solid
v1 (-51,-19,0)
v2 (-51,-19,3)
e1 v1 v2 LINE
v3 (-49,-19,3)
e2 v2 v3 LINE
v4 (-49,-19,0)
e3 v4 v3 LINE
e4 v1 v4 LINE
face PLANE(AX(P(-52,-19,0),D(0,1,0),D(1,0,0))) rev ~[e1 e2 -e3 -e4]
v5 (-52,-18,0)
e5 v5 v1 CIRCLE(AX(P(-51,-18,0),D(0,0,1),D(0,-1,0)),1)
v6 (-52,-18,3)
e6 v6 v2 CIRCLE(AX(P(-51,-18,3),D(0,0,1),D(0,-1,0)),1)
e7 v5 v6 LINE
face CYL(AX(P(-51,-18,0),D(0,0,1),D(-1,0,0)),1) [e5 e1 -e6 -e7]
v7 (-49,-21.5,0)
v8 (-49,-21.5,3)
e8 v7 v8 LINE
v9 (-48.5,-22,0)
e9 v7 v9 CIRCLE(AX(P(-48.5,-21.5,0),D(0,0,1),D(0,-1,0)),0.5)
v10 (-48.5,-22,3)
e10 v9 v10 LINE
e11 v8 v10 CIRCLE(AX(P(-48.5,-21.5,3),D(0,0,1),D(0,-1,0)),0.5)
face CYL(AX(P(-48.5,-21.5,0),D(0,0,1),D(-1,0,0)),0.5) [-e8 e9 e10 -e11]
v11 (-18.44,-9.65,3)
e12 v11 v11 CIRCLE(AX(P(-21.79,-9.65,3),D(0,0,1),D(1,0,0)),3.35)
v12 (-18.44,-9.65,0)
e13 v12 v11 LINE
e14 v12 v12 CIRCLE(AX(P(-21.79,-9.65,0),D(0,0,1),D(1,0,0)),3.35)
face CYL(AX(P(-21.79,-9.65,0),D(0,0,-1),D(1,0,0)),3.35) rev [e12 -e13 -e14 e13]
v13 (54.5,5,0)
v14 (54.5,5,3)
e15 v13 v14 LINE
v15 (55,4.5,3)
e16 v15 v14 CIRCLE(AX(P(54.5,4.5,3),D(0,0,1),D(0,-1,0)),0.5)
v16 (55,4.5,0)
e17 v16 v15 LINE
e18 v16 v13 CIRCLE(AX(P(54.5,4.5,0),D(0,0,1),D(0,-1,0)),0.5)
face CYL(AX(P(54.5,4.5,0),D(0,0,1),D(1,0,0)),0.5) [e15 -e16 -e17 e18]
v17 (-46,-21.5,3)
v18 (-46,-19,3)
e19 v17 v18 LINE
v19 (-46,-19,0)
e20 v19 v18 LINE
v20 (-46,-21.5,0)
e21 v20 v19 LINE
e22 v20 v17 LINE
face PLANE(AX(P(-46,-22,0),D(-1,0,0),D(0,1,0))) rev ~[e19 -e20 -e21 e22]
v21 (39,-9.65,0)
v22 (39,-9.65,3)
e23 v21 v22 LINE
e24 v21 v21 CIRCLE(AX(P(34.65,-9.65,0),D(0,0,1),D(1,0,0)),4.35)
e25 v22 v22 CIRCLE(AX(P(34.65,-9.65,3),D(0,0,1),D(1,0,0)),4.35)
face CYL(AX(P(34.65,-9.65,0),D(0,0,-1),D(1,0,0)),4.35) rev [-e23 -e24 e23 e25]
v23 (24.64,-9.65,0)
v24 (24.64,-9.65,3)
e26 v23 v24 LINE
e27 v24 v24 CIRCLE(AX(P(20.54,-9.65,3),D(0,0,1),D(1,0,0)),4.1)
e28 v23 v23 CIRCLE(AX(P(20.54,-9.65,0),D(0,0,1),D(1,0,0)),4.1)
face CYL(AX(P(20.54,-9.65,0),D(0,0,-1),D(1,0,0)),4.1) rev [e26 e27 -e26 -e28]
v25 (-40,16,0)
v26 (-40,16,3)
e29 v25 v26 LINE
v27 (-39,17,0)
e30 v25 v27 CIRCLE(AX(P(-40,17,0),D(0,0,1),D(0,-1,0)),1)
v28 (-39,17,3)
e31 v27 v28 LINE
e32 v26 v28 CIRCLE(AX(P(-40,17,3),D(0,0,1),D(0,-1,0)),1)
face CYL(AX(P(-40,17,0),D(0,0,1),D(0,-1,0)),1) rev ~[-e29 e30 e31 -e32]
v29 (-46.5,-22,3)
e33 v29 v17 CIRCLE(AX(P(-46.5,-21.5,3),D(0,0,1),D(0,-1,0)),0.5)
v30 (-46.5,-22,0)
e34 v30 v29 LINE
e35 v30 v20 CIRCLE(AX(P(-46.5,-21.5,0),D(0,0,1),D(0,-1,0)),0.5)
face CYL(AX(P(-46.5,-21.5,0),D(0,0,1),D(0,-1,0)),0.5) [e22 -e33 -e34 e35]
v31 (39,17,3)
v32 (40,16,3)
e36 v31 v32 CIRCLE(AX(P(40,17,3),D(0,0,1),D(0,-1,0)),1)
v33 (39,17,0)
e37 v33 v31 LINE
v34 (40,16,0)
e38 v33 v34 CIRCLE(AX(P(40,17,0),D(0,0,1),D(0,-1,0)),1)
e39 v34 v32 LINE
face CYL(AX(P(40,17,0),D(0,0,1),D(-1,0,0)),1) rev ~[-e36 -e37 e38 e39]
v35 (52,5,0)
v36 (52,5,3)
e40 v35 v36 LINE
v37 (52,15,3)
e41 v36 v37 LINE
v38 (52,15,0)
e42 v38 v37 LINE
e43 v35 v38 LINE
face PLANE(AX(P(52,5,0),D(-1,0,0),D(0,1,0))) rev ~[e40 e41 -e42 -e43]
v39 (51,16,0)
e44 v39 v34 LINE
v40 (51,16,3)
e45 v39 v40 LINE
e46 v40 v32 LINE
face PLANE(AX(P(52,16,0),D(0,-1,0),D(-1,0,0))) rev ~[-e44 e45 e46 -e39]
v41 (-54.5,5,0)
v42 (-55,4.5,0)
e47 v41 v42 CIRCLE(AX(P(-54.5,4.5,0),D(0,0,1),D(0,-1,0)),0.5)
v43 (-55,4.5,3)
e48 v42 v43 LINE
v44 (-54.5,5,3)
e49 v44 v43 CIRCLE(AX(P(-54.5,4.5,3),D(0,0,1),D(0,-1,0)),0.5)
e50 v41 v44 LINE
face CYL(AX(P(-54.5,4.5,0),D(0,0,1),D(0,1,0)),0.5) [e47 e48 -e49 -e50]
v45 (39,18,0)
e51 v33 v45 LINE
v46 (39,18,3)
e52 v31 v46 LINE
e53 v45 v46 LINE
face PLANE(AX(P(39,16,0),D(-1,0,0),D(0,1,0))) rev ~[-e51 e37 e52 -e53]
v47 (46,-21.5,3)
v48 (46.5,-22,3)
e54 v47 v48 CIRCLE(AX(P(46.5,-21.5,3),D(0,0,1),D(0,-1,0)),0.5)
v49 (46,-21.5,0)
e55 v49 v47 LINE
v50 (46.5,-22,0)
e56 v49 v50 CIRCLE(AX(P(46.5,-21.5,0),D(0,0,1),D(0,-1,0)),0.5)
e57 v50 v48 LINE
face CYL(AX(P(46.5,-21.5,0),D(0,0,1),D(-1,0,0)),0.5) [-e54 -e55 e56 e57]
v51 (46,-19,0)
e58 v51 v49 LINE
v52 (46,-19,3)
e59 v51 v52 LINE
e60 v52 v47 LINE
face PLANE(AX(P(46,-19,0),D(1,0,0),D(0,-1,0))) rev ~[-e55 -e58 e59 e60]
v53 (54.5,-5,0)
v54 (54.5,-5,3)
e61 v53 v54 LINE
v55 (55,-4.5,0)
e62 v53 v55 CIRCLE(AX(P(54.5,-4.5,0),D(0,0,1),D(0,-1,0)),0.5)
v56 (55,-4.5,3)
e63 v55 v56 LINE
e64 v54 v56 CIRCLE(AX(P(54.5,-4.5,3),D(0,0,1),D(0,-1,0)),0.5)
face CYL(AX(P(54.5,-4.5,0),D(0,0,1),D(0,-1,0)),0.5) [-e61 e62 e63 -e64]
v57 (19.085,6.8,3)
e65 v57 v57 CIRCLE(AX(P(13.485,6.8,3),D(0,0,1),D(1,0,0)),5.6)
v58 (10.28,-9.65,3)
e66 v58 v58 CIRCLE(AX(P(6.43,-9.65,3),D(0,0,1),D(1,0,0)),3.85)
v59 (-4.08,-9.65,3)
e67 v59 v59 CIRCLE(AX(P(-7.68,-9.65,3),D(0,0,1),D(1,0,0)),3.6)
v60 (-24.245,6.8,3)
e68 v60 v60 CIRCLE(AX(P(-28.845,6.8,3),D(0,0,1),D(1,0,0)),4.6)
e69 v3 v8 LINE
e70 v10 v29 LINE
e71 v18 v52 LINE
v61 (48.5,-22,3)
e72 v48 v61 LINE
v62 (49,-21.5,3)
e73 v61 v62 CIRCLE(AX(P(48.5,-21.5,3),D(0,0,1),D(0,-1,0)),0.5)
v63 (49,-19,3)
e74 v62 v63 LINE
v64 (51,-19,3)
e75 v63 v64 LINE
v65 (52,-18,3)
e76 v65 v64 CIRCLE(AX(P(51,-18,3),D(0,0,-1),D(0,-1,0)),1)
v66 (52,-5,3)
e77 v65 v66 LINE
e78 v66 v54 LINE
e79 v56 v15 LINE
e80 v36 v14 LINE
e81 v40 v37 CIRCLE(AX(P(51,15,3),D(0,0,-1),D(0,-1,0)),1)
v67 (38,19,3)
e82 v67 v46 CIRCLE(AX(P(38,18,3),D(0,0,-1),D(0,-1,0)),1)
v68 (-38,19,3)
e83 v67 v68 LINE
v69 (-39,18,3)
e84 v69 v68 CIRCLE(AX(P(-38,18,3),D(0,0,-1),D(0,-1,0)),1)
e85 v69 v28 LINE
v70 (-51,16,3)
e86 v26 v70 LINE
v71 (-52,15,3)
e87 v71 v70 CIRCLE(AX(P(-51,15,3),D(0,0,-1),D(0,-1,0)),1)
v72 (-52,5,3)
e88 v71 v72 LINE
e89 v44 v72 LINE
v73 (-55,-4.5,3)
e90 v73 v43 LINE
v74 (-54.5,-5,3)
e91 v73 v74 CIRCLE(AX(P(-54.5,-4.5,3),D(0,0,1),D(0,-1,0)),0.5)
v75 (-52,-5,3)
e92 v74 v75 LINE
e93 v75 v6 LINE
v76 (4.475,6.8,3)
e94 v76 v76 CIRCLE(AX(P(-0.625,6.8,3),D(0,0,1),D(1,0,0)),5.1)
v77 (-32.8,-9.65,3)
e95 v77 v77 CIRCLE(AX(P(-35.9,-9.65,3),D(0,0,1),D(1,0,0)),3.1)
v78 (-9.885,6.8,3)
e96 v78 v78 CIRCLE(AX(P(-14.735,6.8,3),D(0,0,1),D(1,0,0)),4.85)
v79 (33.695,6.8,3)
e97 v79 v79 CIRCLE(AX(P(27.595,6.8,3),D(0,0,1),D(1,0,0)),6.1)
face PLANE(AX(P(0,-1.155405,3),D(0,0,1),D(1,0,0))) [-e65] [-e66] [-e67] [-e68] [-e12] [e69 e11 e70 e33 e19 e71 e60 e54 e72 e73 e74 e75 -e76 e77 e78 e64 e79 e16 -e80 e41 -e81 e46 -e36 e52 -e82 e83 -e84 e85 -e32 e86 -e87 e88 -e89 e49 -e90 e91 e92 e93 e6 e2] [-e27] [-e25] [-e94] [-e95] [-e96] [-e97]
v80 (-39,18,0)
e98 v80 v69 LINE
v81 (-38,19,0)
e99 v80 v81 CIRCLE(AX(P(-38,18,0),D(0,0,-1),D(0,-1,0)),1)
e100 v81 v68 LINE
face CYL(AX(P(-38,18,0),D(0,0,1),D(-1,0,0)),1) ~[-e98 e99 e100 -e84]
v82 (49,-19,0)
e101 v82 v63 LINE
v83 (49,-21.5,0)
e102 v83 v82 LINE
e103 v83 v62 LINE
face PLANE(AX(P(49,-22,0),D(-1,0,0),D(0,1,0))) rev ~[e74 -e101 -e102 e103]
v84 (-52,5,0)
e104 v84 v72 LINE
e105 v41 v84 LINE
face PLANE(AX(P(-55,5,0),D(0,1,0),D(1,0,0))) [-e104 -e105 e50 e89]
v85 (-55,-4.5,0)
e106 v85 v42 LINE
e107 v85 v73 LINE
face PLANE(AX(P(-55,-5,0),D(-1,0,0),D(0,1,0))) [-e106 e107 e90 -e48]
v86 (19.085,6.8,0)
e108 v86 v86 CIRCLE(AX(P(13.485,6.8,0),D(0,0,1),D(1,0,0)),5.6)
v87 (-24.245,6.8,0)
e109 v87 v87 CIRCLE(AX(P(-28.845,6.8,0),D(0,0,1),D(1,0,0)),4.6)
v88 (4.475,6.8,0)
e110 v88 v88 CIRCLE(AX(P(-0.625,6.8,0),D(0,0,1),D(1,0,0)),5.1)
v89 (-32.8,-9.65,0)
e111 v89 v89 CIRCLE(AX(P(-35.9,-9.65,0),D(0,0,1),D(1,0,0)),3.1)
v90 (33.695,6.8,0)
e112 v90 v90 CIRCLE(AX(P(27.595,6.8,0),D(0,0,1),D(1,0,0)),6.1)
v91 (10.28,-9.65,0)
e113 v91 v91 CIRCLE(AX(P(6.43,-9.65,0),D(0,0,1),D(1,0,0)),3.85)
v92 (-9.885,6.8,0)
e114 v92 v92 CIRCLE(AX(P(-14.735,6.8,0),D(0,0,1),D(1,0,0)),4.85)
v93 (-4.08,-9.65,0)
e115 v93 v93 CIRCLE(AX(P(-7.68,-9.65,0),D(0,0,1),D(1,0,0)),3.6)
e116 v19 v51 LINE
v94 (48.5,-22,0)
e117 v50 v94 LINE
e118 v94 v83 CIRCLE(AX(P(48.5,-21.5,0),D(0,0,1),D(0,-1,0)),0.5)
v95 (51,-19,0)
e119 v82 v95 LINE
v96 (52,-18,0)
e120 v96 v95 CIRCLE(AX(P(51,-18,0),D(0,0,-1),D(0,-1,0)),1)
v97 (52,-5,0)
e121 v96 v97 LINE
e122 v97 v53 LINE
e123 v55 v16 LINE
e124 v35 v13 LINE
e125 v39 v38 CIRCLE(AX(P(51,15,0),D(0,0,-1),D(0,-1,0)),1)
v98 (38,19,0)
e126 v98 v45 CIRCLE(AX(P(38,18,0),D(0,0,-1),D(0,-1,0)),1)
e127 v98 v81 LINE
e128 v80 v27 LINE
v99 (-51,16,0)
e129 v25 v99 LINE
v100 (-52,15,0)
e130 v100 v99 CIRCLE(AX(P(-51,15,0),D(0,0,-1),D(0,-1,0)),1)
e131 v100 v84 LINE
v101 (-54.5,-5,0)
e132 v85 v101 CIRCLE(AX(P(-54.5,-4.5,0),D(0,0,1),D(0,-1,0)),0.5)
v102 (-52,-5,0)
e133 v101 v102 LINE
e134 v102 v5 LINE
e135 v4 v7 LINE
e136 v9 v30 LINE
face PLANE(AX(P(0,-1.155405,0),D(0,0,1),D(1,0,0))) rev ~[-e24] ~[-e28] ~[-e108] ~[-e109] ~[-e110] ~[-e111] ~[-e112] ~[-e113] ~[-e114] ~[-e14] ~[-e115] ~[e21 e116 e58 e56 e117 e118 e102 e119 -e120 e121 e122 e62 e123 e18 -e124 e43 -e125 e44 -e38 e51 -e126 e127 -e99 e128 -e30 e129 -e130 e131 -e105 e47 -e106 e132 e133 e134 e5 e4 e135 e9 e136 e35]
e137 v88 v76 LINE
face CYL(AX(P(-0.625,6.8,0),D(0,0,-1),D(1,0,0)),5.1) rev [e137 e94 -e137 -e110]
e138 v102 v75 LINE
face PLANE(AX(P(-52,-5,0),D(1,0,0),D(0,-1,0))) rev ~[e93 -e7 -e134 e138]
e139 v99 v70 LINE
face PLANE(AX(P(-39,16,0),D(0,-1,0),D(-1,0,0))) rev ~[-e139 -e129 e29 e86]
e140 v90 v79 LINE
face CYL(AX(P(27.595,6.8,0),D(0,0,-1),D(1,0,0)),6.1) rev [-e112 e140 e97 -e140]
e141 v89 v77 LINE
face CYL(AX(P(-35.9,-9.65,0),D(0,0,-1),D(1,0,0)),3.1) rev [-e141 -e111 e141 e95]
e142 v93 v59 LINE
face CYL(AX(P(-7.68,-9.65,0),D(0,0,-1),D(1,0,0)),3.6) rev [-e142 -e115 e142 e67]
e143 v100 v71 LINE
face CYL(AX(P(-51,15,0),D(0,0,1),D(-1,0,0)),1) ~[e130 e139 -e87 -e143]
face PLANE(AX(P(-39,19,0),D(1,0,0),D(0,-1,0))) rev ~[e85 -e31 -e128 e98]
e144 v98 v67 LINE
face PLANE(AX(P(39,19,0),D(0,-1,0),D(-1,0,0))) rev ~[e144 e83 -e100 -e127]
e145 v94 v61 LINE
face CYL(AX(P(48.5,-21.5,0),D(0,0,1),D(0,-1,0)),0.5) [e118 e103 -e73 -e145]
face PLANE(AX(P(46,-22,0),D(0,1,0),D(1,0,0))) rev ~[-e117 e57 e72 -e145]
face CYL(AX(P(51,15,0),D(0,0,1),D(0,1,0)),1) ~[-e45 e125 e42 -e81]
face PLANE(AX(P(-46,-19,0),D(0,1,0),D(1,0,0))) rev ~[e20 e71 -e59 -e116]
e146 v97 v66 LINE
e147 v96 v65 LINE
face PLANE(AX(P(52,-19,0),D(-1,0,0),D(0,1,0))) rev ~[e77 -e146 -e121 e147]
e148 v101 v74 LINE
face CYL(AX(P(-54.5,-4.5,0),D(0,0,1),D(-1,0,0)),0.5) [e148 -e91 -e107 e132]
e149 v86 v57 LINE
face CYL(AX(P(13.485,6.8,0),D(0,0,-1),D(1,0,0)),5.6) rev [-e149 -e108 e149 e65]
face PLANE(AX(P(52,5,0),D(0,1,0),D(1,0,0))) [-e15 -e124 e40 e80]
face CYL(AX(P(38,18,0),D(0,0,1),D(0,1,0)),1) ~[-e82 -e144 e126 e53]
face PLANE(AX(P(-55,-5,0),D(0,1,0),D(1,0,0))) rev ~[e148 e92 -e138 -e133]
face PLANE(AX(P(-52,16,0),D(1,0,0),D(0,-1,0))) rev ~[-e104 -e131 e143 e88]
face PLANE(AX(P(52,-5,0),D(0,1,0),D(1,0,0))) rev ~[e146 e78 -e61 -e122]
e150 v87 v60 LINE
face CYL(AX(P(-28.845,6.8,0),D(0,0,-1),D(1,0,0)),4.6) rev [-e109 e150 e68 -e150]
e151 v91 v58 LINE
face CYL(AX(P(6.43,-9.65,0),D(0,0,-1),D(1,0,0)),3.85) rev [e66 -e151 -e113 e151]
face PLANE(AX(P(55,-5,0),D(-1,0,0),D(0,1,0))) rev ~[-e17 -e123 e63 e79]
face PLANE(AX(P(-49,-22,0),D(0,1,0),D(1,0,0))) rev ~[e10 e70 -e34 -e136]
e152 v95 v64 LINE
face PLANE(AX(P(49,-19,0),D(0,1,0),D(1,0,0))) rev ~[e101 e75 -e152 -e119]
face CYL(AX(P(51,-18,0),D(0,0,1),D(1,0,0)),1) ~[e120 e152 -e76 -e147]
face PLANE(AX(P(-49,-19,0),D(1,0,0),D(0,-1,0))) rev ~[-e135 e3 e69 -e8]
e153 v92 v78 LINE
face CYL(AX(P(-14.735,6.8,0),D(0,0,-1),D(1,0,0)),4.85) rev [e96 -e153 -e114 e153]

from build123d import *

# Parameters (mm, degrees)
SKETCH_1_R      = 3.1
SKETCH_1_R_2    = 3.35
SKETCH_1_R_3    = 3.6
SKETCH_1_R_4    = 3.85
SKETCH_1_R_5    = 4.1
SKETCH_1_R_6    = 4.35
SKETCH_1_R_7    = 4.6
SKETCH_1_R_8    = 4.85
SKETCH_1_R_9    = 5.1
SKETCH_1_R_10   = 5.6
SKETCH_1_R_11   = 6.1
SKETCH_1_W      = 3
SKETCH_1_H      = 10
EXTRUDE_1_DEPTH = 3
FILLET_1_R      = 0.5
FILLET_2_R      = 1


with BuildPart() as part:
    # Эскиз1 → Бобышка-Вытянуть1 (new body)
    with BuildSketch(Plane.XY):
        Polygon((39, 19), (-39, 19), (-39, 16), (-52, 16), (-52, 5), (-52, -5), (-52, -19), (-49, -19), (-49, -22), (-46, -22), (-46, -19), (0, -19), (46, -19), (46, -22), (49, -22), (49, -19), (52, -19), (52, -5), (52, 5), (52, 16), (39, 16), align=None)
        with Locations((-35.9, -9.65)):
            Circle(SKETCH_1_R, mode=Mode.SUBTRACT)
        with Locations((-21.79, -9.65)):
            Circle(SKETCH_1_R_2, mode=Mode.SUBTRACT)
        with Locations((-7.68, -9.65)):
            Circle(SKETCH_1_R_3, mode=Mode.SUBTRACT)
        with Locations((6.43, -9.65)):
            Circle(SKETCH_1_R_4, mode=Mode.SUBTRACT)
        with Locations((20.54, -9.65)):
            Circle(SKETCH_1_R_5, mode=Mode.SUBTRACT)
        with Locations((34.65, -9.65)):
            Circle(SKETCH_1_R_6, mode=Mode.SUBTRACT)
        with Locations((-28.845, 6.8)):
            Circle(SKETCH_1_R_7, mode=Mode.SUBTRACT)
        with Locations((-14.735, 6.8)):
            Circle(SKETCH_1_R_8, mode=Mode.SUBTRACT)
        with Locations((-0.625, 6.8)):
            Circle(SKETCH_1_R_9, mode=Mode.SUBTRACT)
        with Locations((13.485, 6.8)):
            Circle(SKETCH_1_R_10, mode=Mode.SUBTRACT)
        with Locations((27.595, 6.8)):
            Circle(SKETCH_1_R_11, mode=Mode.SUBTRACT)
        with Locations((-53.5, 0)):
            Rectangle(SKETCH_1_W, SKETCH_1_H)
        with Locations((53.5, 0)):
            Rectangle(SKETCH_1_W, SKETCH_1_H)
    extrude(amount=EXTRUDE_1_DEPTH)

    # Скругление1
    fillet_1_edges = [part.edges().sort_by_distance(p)[0] for p in [
        (-55, -5, 1.5),
        (-55, 5, 1.5),
        (55, 5, 1.5),
        (55, -5, 1.5),
        (49, -22, 1.5),
        (46, -22, 1.5),
        (-46, -22, 1.5),
        (-49, -22, 1.5),
    ]]
    fillet(fillet_1_edges, radius=FILLET_1_R)

    # Скругление2
    fillet_2_edges = [part.edges().sort_by_distance(p)[0] for p in [
        (-52, -19, 1.5),
        (-52, 16, 1.5),
        (-39, 16, 1.5),
        (-39, 19, 1.5),
        (39, 19, 1.5),
        (39, 16, 1.5),
        (52, 16, 1.5),
        (52, -19, 1.5),
    ]]
    fillet(fillet_2_edges, radius=FILLET_2_R)


solid = part.part
